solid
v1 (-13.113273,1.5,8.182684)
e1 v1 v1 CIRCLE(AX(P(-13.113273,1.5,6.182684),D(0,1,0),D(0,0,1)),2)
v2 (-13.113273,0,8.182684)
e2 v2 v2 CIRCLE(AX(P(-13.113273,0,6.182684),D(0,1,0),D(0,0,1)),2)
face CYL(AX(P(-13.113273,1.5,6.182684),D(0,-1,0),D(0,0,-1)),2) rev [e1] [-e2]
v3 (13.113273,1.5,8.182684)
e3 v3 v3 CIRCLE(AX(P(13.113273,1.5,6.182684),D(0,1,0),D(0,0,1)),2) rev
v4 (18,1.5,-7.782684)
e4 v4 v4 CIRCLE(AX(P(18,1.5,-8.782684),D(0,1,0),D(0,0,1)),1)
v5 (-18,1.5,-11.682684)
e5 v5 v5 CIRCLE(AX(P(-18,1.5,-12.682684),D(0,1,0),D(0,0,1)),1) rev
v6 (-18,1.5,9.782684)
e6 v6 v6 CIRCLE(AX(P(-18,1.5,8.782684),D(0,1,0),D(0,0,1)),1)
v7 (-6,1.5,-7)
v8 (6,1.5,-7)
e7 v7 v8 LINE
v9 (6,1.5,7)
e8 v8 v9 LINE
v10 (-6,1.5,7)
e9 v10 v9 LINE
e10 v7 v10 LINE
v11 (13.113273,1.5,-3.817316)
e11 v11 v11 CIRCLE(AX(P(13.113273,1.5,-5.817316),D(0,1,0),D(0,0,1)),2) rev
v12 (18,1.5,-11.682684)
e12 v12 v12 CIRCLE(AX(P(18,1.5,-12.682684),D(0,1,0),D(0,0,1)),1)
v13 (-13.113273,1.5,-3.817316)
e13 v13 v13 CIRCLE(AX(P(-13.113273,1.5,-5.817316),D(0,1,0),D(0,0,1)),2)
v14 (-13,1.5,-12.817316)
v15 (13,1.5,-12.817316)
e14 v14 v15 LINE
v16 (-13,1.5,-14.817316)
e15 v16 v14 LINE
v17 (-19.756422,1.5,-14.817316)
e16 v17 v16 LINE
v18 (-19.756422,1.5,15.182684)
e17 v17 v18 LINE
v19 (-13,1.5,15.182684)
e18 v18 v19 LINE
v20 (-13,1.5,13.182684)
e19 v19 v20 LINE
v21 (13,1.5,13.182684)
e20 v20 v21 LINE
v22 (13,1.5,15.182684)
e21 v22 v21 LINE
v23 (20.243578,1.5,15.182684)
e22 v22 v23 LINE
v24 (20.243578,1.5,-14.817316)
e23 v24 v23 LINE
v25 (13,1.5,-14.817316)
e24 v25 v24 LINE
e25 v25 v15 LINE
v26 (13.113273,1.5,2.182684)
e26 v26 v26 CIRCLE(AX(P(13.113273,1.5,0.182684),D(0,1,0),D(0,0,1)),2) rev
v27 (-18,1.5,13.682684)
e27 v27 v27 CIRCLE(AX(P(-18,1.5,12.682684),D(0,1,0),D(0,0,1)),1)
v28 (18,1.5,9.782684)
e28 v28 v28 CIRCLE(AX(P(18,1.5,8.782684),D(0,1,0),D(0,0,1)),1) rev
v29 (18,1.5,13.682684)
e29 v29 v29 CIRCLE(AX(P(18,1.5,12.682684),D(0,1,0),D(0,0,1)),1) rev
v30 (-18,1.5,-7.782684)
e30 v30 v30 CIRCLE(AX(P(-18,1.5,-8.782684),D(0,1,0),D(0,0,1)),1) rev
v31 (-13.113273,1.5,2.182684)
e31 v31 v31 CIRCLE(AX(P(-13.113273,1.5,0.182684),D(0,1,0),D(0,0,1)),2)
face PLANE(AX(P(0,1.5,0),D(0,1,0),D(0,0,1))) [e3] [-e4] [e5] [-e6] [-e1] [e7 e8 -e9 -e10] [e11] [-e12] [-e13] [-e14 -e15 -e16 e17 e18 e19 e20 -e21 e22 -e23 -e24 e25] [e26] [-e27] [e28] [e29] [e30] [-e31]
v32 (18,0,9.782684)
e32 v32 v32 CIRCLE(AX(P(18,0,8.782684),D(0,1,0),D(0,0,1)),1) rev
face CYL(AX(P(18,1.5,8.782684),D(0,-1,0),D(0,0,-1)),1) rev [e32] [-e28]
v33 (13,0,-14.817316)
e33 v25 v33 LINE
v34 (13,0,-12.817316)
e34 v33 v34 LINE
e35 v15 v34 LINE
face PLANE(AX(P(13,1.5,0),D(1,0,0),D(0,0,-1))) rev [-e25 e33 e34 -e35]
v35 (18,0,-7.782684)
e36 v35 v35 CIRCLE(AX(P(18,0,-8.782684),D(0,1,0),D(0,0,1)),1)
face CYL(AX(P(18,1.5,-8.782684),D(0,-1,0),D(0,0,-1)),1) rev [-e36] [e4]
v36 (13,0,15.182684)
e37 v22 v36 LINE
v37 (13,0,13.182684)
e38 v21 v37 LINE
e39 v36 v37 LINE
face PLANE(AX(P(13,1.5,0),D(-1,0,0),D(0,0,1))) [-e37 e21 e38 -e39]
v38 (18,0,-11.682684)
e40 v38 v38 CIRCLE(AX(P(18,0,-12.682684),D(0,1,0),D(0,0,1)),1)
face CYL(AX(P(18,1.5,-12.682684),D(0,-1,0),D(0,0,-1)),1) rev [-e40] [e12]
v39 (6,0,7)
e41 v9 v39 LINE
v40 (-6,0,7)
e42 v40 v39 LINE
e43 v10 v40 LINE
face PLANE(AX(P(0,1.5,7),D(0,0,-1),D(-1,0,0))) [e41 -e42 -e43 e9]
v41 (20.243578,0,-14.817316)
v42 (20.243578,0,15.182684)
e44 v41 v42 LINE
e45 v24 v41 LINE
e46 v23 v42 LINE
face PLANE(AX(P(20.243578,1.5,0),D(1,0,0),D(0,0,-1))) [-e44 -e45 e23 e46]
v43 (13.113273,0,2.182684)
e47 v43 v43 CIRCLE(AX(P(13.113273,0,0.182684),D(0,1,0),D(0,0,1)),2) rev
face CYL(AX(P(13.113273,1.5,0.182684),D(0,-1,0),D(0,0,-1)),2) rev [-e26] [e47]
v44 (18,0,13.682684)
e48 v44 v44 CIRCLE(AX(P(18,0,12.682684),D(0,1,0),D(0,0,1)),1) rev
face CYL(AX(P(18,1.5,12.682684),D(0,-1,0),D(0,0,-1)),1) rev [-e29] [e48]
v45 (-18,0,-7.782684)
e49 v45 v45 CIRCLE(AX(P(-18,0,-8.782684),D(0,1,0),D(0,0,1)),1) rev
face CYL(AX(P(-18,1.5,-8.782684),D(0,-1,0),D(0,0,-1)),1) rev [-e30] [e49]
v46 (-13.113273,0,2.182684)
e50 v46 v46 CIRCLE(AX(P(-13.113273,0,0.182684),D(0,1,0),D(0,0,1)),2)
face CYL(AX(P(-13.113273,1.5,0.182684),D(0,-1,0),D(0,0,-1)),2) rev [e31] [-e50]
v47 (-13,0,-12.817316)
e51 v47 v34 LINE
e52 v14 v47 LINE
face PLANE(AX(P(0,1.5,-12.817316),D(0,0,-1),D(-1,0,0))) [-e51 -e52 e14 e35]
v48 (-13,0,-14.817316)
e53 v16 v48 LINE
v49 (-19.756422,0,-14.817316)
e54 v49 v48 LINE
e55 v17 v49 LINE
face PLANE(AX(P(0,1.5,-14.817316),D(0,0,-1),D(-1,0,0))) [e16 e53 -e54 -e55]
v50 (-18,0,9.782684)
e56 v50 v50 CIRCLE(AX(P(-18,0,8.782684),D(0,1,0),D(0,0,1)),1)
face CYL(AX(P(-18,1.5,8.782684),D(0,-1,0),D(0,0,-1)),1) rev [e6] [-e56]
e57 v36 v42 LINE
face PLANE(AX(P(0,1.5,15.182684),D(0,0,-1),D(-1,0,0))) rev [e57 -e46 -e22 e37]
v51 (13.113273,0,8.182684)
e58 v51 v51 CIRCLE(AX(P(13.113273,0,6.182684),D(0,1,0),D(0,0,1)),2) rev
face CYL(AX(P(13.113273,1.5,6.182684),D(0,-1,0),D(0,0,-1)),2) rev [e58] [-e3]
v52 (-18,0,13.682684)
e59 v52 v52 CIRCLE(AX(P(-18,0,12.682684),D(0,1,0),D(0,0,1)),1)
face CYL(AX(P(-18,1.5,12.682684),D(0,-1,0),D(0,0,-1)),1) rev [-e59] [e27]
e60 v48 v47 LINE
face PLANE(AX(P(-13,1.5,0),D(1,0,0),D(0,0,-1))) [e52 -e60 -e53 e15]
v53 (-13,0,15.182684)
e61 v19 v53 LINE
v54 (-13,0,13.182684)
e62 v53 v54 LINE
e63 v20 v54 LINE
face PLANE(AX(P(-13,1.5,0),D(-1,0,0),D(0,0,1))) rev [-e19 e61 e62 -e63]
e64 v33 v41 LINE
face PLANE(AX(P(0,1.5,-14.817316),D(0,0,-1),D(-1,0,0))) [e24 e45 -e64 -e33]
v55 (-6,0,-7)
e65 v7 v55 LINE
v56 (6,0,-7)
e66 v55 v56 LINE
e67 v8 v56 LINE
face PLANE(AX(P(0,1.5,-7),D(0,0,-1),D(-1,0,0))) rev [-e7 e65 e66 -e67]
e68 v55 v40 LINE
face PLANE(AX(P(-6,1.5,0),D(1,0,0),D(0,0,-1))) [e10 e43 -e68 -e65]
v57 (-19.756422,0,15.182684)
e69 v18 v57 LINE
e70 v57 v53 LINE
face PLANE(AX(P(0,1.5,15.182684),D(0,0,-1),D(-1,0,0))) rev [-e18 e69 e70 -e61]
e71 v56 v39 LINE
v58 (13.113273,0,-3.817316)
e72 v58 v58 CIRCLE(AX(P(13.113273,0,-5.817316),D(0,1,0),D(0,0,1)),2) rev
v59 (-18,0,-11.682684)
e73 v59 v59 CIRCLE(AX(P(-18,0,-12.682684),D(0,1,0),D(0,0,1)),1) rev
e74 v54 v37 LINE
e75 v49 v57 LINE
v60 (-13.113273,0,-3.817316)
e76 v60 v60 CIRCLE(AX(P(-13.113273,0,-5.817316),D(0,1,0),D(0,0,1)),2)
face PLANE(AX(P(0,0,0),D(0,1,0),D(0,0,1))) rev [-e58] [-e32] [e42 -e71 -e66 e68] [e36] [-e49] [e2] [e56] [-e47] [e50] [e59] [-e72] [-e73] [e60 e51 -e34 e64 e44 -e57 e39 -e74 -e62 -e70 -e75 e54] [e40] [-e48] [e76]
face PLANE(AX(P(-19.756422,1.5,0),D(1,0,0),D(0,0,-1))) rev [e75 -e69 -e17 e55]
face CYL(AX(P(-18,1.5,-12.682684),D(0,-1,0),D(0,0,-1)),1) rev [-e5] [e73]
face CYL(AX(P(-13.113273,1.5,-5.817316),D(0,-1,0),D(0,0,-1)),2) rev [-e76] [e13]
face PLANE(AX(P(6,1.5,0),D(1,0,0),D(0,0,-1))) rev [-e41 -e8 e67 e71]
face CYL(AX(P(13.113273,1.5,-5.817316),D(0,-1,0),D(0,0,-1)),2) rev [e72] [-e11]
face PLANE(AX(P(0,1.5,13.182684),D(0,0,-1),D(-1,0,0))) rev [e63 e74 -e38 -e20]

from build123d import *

# Parameters (mm, degrees)
TOP_PLATE_2_SKETCH_R   = 1
TOP_PLATE_2_SKETCH_R_2 = 2
TOP_PLATE_2_SKETCH_W   = 12
TOP_PLATE_2_SKETCH_H   = 14
TOP_PLATE_2_DEPTH      = 1.5


with BuildPart() as part:
    # Top Plate 2 Sketch → Top Plate 2 (new body)
    with BuildSketch(Plane(origin=(0, 0, 0), x_dir=(1, 0, 0), z_dir=(0, 1, 0))):
        Polygon((-13, 14.817316164), (-19.756421551, 14.817316164), (-19.756421551, -15.182683836), (-13, -15.182683836), (-13, -13.182683836), (13, -13.182683836), (13, -15.182683836), (20.243578449, -15.182683836), (20.243578449, 14.817316164), (13, 14.817316164), (13, 12.817316164), (-13, 12.817316164), align=None)
        with Locations(Location((-18, -12.682683836, 0), (0, 0, 270))):
            Circle(TOP_PLATE_2_SKETCH_R, mode=Mode.SUBTRACT)
        with Locations(Location((-18, -8.782683836, 0), (0, 0, 270))):
            Circle(TOP_PLATE_2_SKETCH_R, mode=Mode.SUBTRACT)
        with Locations(Location((-13.113273082, -6.182683836, 0), (0, 0, 270))):
            Circle(TOP_PLATE_2_SKETCH_R_2, mode=Mode.SUBTRACT)
        with Locations(Location((18, -12.682683836, 0), (0, 0, 270))):
            Circle(TOP_PLATE_2_SKETCH_R, mode=Mode.SUBTRACT)
        with Locations(Location((18, -8.782683836, 0), (0, 0, 270))):
            Circle(TOP_PLATE_2_SKETCH_R, mode=Mode.SUBTRACT)
        with Locations(Location((13.113273082, -6.182683836, 0), (0, 0, 270))):
            Circle(TOP_PLATE_2_SKETCH_R_2, mode=Mode.SUBTRACT)
        with Locations(Location((-13.113273082, -0.182683836, 0), (0, 0, 270))):
            Circle(TOP_PLATE_2_SKETCH_R_2, mode=Mode.SUBTRACT)
        with Locations(Location((-13.113273082, 5.817316164, 0), (0, 0, 270))):
            Circle(TOP_PLATE_2_SKETCH_R_2, mode=Mode.SUBTRACT)
        Rectangle(TOP_PLATE_2_SKETCH_W, TOP_PLATE_2_SKETCH_H, mode=Mode.SUBTRACT)
        with Locations(Location((-18, 8.782683836, 0), (0, 0, 270))):
            Circle(TOP_PLATE_2_SKETCH_R, mode=Mode.SUBTRACT)
        with Locations(Location((-18, 12.682683836, 0), (0, 0, 270))):
            Circle(TOP_PLATE_2_SKETCH_R, mode=Mode.SUBTRACT)
        with Locations(Location((13.113273082, -0.182683836, 0), (0, 0, 270))):
            Circle(TOP_PLATE_2_SKETCH_R_2, mode=Mode.SUBTRACT)
        with Locations(Location((13.113273082, 5.817316164, 0), (0, 0, 270))):
            Circle(TOP_PLATE_2_SKETCH_R_2, mode=Mode.SUBTRACT)
        with Locations(Location((18, 8.782683836, 0), (0, 0, 270))):
            Circle(TOP_PLATE_2_SKETCH_R, mode=Mode.SUBTRACT)
        with Locations(Location((18, 12.682683836, 0), (0, 0, 270))):
            Circle(TOP_PLATE_2_SKETCH_R, mode=Mode.SUBTRACT)
    extrude(amount=TOP_PLATE_2_DEPTH)


solid = part.part
